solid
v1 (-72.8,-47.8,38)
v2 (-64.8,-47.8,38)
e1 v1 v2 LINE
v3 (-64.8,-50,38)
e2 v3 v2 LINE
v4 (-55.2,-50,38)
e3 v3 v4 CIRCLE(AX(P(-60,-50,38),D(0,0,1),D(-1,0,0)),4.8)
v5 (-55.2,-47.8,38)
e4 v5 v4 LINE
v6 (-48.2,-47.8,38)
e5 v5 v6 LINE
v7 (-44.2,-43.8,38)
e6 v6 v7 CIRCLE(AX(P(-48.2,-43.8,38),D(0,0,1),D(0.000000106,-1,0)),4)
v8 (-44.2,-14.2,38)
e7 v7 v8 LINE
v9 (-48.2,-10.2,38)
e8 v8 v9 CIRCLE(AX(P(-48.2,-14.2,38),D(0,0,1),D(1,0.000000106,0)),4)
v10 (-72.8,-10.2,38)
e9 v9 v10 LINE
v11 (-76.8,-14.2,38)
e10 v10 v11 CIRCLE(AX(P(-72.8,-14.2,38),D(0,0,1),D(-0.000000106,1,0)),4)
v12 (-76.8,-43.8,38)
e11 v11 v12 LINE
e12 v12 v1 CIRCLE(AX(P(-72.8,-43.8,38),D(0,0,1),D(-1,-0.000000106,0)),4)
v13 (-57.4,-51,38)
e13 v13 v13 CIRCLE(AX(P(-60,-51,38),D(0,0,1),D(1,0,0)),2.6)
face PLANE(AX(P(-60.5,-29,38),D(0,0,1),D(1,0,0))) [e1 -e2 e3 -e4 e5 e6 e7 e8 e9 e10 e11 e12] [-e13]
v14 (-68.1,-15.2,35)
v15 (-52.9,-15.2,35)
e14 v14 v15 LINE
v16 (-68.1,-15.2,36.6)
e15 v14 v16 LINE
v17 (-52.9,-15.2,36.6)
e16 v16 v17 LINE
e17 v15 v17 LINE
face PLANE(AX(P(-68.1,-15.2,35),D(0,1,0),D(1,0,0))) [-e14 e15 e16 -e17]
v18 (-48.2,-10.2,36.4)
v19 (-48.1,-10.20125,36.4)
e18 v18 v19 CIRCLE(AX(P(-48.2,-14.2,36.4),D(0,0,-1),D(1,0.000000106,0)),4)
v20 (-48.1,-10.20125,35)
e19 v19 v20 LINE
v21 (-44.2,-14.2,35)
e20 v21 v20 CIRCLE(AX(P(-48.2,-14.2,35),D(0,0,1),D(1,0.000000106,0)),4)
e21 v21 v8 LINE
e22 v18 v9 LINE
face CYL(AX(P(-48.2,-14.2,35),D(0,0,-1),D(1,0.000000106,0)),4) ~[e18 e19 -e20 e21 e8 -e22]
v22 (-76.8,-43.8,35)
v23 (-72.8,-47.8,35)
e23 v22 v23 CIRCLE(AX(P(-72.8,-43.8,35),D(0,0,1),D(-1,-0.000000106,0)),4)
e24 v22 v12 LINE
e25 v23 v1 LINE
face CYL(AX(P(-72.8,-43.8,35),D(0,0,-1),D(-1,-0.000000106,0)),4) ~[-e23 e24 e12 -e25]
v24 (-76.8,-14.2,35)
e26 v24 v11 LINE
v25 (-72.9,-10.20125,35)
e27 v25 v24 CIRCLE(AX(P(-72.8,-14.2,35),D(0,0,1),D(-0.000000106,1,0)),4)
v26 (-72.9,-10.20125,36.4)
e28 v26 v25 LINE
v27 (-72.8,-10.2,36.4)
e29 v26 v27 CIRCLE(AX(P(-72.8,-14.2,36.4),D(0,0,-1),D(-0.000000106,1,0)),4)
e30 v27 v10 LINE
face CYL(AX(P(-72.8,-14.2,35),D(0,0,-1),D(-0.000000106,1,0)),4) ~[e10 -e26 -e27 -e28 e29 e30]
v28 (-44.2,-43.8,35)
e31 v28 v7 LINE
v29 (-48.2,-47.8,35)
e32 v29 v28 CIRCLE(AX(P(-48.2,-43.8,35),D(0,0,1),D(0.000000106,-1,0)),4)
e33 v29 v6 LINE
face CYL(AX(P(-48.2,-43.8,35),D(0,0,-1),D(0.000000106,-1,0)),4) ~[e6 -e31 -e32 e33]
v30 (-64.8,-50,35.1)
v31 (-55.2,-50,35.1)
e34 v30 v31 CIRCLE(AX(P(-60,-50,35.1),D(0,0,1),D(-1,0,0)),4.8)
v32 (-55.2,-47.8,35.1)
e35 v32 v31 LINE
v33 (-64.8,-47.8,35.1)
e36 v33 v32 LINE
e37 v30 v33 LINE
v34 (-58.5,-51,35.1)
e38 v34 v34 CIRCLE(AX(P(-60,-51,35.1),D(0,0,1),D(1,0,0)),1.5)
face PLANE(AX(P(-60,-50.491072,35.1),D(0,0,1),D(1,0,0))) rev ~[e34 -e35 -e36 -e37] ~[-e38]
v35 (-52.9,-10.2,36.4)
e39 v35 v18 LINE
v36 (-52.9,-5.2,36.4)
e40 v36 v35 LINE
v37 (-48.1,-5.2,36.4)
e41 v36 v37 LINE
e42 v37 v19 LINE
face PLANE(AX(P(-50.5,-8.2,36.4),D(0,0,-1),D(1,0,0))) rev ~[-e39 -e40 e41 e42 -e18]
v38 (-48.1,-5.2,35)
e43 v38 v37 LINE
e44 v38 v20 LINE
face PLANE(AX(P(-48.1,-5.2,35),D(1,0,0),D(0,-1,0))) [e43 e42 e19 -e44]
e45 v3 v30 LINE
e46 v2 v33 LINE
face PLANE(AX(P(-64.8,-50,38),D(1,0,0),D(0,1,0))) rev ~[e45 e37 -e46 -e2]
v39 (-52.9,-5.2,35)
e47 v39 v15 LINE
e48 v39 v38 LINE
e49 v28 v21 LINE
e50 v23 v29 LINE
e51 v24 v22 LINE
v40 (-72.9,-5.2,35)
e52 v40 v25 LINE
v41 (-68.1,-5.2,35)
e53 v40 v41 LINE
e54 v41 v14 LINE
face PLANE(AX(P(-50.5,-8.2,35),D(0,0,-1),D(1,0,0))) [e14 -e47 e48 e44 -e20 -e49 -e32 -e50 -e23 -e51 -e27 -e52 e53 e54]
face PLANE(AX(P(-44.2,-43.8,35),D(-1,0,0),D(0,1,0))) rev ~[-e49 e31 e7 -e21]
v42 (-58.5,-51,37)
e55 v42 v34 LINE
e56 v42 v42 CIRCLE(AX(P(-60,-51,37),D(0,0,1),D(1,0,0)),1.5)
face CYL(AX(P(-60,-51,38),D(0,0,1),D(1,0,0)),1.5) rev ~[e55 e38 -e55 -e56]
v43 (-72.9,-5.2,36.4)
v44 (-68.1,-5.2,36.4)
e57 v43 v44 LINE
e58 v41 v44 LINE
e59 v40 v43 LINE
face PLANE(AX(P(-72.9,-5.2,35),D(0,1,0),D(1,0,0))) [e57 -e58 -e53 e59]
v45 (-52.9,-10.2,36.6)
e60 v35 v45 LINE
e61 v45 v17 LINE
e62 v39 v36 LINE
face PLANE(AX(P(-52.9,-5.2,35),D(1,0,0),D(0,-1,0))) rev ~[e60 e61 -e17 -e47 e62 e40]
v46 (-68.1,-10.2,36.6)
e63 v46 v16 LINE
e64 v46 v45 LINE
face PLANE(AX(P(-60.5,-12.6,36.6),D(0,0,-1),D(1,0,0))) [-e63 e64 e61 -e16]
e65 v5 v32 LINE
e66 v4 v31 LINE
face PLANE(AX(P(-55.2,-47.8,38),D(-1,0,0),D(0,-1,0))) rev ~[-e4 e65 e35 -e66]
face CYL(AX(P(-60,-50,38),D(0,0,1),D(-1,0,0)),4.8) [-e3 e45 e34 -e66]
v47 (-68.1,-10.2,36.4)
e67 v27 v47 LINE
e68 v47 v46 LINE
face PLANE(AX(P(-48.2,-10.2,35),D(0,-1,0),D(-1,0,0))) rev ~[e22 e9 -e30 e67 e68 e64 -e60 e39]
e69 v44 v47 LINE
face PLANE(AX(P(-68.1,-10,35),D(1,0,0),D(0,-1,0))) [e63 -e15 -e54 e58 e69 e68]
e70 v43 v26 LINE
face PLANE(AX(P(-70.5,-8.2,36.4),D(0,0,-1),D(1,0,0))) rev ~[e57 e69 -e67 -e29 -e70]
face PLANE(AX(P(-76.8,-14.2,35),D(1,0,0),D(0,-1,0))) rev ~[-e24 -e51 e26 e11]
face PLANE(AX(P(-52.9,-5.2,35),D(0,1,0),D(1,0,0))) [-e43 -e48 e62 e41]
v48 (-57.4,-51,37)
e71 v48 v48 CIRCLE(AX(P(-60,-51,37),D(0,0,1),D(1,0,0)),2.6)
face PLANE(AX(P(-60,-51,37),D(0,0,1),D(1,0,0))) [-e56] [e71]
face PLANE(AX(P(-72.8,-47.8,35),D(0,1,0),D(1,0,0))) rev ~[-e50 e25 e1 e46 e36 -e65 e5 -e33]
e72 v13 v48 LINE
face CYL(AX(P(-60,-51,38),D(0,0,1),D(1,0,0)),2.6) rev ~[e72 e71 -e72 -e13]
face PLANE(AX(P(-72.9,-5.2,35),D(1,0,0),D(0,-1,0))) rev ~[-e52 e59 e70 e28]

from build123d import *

# Parameters (mm, degrees)
PAD010_DEPTH    = 3
SKETCH044_W     = 15.2
SKETCH044_H     = 5.2
POCKET033_DEPTH = 1.6
SKETCH045_W     = 4.8
SKETCH045_H     = 6
PAD011_DEPTH    = 1.4
PAD012_DEPTH    = 2.9
SKETCH047_R     = 1.5
POCKET034_DEPTH = 5
SKETCH048_R     = 2.6
POCKET035_DEPTH = 1


with BuildPart() as part:
    # Sketch043 → Pad010 (new body)
    with BuildSketch(Plane.XY):
        with BuildLine():
            Line((-48.2, -10.2), (-72.8, -10.2))
            ThreePointArc((-72.8, -10.2), (-75.628427, -11.371573), (-76.8, -14.2))
            Line((-76.8, -14.2), (-76.8, -43.8))
            ThreePointArc((-76.8, -43.8), (-75.628427, -46.628427), (-72.8, -47.8))
            Line((-72.8, -47.8), (-48.2, -47.8))
            ThreePointArc((-48.2, -47.8), (-45.371573, -46.628427), (-44.2, -43.8))
            Line((-44.2, -43.8), (-44.2, -14.2))
            ThreePointArc((-44.2, -14.2), (-45.371573, -11.371573), (-48.2, -10.2))
        make_face()
    extrude(amount=PAD010_DEPTH)

    # Sketch044 (on Face9 of Pad010) → Pocket033 (cut)
    with BuildSketch(Plane(origin=(0, 0, 0), x_dir=(1, 0, 0), z_dir=(0, 0, -1))):
        with Locations((-60.5, 12.6)):
            Rectangle(SKETCH044_W, SKETCH044_H)
    extrude(amount=-POCKET033_DEPTH, mode=Mode.SUBTRACT)

    # Sketch045 (on Face2 of Pocket033) → Pad011 (join)
    with BuildSketch(Plane(origin=(0, 0, 0), x_dir=(1, 0, 0), z_dir=(0, 0, -1))):
        with Locations((-50.5, 8.2)):
            Rectangle(SKETCH045_W, SKETCH045_H)
        with Locations((-70.5, 8.2)):
            Rectangle(SKETCH045_W, SKETCH045_H)
    extrude(amount=-PAD011_DEPTH)

    # Sketch046 (on Face10 of Pad011) → Pad012 (join)
    with BuildSketch(Plane.XY.offset(3)):
        with BuildLine():
            ThreePointArc((-64.8, -50), (-60, -54.8), (-55.2, -50))
            Line((-55.2, -47.8), (-55.2, -50))
            Line((-64.8, -47.8), (-55.2, -47.8))
            Line((-64.8, -50), (-64.8, -47.8))
        make_face()
    extrude(amount=-PAD012_DEPTH)

    # Sketch047 (on Face24 of Pad012) → Pocket034 (cut)
    with BuildSketch(Plane.XY.offset(3)):
        with Locations((-60, -51)):
            Circle(SKETCH047_R)
    extrude(amount=-POCKET034_DEPTH, mode=Mode.SUBTRACT)

    # Sketch048 (on Face5 of Pocket034) → Pocket035 (cut)
    with BuildSketch(Plane.XY.offset(3)):
        with Locations((-60, -51)):
            Circle(SKETCH048_R)
    extrude(amount=-POCKET035_DEPTH, mode=Mode.SUBTRACT)


with BuildPart() as part_1:
    # Body002 placement: moved
    add(part.part.moved(Location((0, 0, 35))))


solid = part_1.part
